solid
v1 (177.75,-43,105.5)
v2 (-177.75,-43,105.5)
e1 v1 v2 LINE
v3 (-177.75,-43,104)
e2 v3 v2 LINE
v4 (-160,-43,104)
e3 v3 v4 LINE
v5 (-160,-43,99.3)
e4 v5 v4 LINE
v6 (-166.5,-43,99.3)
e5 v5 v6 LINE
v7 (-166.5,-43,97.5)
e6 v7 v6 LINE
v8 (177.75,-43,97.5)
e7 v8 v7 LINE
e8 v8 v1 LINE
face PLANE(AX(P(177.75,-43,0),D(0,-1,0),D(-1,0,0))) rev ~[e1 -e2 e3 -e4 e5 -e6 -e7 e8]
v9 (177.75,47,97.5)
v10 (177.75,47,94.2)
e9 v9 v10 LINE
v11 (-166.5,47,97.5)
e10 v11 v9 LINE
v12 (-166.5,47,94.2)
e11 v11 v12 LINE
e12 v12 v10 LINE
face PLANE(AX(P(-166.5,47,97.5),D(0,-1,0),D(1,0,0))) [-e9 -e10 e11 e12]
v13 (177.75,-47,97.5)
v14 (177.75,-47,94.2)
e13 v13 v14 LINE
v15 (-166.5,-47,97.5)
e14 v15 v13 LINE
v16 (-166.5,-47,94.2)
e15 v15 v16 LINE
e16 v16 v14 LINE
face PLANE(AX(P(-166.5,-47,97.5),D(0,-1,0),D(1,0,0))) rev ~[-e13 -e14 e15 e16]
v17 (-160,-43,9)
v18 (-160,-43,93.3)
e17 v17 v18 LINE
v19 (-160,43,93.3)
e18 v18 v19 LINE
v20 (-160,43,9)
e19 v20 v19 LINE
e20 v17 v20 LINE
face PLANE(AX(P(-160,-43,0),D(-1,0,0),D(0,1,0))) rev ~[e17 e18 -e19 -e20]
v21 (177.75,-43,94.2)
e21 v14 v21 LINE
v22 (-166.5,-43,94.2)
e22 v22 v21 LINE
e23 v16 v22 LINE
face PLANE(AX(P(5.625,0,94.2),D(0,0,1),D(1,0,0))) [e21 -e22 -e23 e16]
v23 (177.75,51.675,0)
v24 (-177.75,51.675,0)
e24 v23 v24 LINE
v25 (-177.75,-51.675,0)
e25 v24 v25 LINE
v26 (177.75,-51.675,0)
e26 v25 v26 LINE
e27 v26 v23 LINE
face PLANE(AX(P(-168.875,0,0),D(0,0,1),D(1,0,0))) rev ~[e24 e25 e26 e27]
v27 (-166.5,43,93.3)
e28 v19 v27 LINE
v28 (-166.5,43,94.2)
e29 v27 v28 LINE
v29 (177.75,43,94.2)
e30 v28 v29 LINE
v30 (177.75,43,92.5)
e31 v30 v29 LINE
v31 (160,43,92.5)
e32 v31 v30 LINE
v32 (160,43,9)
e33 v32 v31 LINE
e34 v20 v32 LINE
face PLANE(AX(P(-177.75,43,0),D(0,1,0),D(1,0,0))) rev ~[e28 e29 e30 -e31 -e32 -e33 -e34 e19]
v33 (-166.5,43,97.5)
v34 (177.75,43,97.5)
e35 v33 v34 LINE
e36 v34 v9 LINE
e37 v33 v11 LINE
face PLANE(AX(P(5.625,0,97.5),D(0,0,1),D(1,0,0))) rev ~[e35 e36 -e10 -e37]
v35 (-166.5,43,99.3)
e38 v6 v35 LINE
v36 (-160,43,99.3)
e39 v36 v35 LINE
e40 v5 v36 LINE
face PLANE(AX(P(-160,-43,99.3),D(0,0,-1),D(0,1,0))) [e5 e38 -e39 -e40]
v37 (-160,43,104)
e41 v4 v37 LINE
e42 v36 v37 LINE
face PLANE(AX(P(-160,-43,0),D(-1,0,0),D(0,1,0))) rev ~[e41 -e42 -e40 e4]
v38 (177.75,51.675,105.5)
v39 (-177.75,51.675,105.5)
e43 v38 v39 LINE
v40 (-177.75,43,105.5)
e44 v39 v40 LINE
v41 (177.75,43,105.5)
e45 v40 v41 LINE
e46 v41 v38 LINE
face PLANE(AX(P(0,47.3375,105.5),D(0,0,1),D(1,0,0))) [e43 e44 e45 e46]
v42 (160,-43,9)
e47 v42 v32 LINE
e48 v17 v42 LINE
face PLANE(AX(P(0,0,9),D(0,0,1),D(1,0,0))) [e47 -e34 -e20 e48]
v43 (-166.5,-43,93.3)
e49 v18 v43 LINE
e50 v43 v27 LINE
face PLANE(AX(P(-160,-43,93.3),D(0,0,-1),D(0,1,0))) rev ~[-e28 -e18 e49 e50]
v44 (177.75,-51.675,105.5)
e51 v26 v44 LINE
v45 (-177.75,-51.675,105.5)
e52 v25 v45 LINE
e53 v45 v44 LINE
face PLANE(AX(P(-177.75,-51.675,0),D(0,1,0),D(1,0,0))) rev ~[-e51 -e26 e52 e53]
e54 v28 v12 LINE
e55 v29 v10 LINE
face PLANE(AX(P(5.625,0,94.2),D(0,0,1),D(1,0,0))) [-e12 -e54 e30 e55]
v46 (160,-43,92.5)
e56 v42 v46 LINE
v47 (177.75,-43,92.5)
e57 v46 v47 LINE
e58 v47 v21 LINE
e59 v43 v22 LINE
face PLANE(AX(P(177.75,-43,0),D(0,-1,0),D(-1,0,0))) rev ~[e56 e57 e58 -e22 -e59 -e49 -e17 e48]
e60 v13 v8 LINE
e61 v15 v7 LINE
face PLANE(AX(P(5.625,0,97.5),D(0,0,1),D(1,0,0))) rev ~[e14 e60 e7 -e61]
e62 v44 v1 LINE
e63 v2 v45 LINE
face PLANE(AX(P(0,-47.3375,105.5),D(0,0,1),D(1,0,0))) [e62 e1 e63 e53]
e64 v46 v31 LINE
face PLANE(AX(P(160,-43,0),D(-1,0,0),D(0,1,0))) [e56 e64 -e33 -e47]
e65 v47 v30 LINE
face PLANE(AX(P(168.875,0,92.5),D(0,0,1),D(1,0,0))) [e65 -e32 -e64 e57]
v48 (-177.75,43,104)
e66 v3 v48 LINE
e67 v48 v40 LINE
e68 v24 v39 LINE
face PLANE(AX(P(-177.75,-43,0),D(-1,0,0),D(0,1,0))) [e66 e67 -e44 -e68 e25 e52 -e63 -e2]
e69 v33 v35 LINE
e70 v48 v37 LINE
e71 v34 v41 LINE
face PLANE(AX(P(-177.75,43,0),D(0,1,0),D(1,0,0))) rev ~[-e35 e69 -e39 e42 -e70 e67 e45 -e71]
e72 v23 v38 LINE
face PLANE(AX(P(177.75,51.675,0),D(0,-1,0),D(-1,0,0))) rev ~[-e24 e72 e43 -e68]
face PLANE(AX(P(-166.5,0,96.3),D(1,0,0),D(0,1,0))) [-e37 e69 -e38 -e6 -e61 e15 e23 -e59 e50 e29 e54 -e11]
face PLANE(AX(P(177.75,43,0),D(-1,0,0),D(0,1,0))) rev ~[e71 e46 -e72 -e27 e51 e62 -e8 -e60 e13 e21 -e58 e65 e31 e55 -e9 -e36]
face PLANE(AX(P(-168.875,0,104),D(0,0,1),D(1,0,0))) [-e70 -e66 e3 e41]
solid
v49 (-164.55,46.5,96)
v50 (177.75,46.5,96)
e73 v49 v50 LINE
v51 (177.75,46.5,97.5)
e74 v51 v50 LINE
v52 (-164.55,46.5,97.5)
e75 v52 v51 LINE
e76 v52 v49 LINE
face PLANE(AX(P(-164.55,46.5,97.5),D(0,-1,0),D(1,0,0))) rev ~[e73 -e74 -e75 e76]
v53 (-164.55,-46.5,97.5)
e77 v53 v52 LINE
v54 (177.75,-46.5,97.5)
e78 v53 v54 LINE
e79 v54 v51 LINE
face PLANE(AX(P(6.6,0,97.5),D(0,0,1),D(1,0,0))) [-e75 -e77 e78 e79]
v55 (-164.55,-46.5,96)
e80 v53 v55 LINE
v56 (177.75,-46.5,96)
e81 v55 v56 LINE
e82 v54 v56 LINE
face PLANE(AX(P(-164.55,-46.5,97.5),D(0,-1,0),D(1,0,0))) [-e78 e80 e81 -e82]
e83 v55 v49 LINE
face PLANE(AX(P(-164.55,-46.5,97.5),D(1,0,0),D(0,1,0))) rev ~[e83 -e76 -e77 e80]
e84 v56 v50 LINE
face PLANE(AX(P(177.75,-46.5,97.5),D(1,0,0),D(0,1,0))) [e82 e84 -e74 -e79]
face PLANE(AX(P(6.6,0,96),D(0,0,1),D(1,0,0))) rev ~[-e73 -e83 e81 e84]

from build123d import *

# Parameters (mm, degrees)
F0_W      = 320
F0_H      = 86
F1_DEPTH  = 9
F0_W_2    = 17.75
F2_DEPTH  = 92.5
F3_DEPTH  = 105.5
F4_DEPTH  = 104
F6_W      = 344.25
F6_H      = 94
F7_DEPTH  = 3.3
F8_W      = 86
F8_H      = 6
F9_DEPTH  = 6.5
F10_W     = 342.3
F10_H     = 93
F11_DEPTH = 1.5


with BuildPart() as f1:
    # F0 (on Top) → F1 (new body)
    with BuildSketch(Plane.XY):
        Rectangle(F0_W, F0_H)
    extrude(amount=F1_DEPTH)

    # F0 (on Top) → F2 (join)
    with BuildSketch(Plane.XY):
        with Locations((168.875, 0)):
            Rectangle(F0_W_2, F0_H)
    extrude(amount=F2_DEPTH)

    # F0 (on Top) → F3 (join)
    with BuildSketch(Plane.XY):
        Polygon((177.75, 51.675), (-177.75, 51.675), (-177.75, 43), (-160, 43), (160, 43), (177.75, 43), align=None)
        Polygon((-160, -43), (-177.75, -43), (-177.75, -51.675), (177.75, -51.675), (177.75, -43), (160, -43), align=None)
    extrude(amount=F3_DEPTH)

    # F0 (on Top) → F4 (join)
    with BuildSketch(Plane.XY):
        with Locations((-168.875, 0)):
            Rectangle(F0_W_2, F0_H)
    extrude(amount=F4_DEPTH)

    # F6 (on offset) → F7 (cut)
    with BuildSketch(Plane.XY.offset(97.5)):
        with Locations((5.625, 0)):
            Rectangle(F6_W, F6_H)
    extrude(amount=-F7_DEPTH, mode=Mode.SUBTRACT)

    # F8 (on face) → F9 (cut)
    with BuildSketch(Plane.YZ.offset(-160)):
        with Locations((0, 96.3)):
            Rectangle(F8_W, F8_H)
    extrude(amount=-F9_DEPTH, mode=Mode.SUBTRACT)


with BuildPart() as f11:
    # F10 (on offset) → F11 (new body)
    with BuildSketch(Plane.XY.offset(97.5)):
        with Locations((6.6, 0)):
            Rectangle(F10_W, F10_H)
    extrude(amount=-F11_DEPTH)


solid = Compound([f1.part, f11.part])
